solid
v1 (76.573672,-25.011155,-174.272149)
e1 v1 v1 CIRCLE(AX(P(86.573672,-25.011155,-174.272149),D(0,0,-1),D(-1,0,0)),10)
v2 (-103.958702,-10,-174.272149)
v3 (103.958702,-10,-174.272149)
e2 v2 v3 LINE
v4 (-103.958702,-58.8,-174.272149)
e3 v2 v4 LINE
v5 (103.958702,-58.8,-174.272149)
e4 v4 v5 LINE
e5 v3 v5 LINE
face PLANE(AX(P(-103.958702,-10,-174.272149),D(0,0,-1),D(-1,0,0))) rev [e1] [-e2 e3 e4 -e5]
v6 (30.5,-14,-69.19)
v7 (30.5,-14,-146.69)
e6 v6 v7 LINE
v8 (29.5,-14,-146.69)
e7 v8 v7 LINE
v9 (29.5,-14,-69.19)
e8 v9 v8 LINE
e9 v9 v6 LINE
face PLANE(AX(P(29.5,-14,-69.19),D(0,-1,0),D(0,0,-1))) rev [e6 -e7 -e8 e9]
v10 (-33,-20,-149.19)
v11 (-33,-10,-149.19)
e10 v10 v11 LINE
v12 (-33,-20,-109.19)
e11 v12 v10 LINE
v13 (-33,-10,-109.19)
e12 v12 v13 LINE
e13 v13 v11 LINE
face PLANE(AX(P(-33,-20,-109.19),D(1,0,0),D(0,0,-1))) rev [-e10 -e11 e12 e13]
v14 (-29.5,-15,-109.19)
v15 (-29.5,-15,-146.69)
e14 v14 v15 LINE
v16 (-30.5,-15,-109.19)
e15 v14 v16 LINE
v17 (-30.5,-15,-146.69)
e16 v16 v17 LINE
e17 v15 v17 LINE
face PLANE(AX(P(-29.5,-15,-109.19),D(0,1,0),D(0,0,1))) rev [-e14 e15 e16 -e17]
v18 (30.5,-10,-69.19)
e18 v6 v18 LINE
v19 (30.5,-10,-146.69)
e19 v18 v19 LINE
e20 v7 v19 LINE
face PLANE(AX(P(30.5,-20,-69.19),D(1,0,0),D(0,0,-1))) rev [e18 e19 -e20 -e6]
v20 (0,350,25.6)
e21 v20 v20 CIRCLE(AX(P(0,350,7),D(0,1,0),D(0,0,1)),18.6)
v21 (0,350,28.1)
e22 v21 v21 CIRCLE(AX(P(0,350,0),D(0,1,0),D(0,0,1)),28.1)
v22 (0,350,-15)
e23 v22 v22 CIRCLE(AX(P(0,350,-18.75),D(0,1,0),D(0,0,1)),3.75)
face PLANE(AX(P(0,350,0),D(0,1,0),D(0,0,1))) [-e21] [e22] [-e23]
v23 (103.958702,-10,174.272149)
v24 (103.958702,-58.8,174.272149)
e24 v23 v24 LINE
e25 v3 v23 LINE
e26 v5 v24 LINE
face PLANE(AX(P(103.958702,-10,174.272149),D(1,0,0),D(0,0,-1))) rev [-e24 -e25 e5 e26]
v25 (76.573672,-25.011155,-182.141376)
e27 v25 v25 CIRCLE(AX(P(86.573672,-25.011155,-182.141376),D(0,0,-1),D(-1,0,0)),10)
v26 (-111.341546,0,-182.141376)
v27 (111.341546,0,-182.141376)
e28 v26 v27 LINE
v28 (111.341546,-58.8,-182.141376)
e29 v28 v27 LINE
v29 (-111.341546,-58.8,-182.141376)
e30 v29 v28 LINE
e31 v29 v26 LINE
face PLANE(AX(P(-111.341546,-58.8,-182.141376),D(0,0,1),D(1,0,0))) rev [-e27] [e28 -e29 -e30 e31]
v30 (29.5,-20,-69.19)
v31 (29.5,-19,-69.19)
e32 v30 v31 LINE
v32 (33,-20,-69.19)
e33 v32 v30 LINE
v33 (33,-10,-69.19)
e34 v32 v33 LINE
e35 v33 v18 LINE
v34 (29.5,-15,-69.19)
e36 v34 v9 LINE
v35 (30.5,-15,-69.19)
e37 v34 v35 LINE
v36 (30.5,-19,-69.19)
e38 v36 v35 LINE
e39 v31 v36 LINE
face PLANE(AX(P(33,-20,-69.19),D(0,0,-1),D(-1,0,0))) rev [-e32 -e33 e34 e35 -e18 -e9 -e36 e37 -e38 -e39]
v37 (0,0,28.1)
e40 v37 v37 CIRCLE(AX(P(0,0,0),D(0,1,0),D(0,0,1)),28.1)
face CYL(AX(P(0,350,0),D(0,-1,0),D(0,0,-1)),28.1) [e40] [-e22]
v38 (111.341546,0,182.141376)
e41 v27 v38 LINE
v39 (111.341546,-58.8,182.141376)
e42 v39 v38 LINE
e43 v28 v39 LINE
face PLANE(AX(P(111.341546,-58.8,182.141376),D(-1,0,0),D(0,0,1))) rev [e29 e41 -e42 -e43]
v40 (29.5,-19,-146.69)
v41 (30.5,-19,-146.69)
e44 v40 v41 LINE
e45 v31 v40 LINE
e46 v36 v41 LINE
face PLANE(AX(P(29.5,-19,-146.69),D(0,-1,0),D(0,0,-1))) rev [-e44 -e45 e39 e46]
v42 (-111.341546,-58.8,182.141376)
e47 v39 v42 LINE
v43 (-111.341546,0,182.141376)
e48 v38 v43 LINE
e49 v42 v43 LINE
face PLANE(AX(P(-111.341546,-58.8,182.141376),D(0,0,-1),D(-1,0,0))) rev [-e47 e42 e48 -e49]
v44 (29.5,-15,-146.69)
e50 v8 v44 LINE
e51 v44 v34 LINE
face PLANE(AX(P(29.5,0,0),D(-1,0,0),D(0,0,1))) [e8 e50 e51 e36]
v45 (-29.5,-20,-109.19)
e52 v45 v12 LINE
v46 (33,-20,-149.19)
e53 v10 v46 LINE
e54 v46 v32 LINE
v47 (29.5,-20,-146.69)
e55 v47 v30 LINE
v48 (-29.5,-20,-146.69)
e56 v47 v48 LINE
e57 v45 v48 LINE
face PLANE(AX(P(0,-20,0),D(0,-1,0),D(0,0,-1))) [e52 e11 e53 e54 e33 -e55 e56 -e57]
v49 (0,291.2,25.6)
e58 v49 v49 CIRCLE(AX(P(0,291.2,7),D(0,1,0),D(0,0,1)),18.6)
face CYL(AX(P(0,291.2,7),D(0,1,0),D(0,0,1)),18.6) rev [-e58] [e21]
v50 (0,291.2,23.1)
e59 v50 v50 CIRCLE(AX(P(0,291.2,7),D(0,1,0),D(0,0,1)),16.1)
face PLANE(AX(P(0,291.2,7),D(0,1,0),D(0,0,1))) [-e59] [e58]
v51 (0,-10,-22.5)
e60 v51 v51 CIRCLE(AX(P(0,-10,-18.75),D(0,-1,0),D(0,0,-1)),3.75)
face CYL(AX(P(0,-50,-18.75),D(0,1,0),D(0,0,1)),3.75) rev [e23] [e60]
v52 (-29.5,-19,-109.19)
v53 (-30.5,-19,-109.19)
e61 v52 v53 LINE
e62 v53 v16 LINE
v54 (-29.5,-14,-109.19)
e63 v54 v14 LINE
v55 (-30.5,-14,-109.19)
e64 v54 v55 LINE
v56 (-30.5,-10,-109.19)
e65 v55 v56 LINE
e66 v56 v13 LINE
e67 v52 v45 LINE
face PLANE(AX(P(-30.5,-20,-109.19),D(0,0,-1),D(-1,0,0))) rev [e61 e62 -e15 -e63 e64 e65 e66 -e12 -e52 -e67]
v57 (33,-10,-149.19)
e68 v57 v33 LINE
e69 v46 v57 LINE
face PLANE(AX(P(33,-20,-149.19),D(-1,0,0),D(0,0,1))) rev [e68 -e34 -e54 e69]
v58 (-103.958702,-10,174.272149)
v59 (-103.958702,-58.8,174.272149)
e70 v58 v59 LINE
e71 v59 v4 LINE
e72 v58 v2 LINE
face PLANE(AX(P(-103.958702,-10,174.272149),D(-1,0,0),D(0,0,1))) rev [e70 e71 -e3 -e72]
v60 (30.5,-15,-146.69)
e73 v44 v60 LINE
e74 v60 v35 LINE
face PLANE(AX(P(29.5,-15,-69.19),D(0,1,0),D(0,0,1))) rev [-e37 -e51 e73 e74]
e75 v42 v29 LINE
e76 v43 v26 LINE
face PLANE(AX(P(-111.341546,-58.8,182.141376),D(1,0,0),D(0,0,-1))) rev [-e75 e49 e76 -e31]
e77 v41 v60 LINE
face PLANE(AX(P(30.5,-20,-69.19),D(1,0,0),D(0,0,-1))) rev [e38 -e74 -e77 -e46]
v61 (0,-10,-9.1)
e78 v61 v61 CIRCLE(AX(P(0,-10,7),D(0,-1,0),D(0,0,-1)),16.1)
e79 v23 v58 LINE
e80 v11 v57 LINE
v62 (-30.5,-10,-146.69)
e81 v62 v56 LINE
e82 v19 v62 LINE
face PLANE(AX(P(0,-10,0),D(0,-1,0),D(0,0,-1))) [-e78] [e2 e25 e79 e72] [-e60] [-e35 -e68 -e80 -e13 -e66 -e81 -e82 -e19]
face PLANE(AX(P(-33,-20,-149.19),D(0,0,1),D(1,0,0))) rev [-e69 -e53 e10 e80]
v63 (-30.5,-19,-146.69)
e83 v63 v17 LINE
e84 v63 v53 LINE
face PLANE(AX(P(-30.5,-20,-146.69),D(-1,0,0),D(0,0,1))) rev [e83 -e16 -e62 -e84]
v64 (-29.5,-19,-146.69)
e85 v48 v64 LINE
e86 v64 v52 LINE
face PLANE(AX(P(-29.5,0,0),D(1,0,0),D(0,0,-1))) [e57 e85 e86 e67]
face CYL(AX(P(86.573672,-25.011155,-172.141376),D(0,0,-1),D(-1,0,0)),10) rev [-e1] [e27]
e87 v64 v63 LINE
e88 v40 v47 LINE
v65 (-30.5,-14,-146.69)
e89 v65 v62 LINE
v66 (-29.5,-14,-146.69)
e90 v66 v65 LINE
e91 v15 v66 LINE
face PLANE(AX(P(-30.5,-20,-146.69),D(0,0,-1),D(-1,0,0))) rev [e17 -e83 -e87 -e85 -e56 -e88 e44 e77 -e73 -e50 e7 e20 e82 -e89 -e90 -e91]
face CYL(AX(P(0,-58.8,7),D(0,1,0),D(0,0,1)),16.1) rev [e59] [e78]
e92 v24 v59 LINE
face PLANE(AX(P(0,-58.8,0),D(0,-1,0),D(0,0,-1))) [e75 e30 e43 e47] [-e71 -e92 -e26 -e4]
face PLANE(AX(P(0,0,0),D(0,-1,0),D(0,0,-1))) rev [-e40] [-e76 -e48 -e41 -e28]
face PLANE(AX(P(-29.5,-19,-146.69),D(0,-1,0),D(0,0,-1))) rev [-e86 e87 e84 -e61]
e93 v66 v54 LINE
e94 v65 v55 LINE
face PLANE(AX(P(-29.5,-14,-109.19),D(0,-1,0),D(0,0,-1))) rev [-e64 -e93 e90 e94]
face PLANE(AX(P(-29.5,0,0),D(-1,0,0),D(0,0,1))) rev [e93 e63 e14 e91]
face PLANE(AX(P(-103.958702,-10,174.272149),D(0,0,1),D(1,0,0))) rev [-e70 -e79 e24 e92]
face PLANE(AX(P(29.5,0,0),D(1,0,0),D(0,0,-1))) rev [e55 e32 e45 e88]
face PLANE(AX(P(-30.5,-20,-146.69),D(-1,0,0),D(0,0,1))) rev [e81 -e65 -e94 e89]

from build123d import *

# Parameters (mm, degrees)
SKETCH1_R           = 28.1
BOSS_EXTRUDE1_DEPTH = 350
SKETCH2_R           = 18.6
CUT_EXTRUDE1_DEPTH  = 58.8
SKETCH3_W           = 222.683092022
SKETCH3_H           = 364.2827524
BOSS_EXTRUDE2_DEPTH = 58.8
SKETCH4_W           = 207.917403516
SKETCH4_H           = 348.54429772
CUT_EXTRUDE2_DEPTH  = 48.8
SKETCH5_R           = 16.1
CUT_EXTRUDE3_DEPTH  = 350
SKETCH6_R           = 3.75
CUT_EXTRUDE5_DEPTH  = 400
BOSS_EXTRUDE3_DEPTH = 10
SKETCH8_R           = 10
CUT_EXTRUDE7_DEPTH  = 10
SKETCH9_W           = 37.5
SKETCH9_H           = 1
BOSS_EXTRUDE4_DEPTH = 1
SKETCH10_W          = 37.5
SKETCH10_H          = 1
BOSS_EXTRUDE5_DEPTH = 1
SKETCH11_W          = 77.5
SKETCH11_H          = 1
BOSS_EXTRUDE6_DEPTH = 1
SKETCH12_W          = 77.5
SKETCH12_H          = 1
BOSS_EXTRUDE7_DEPTH = 1


with BuildPart() as part:
    # Sketch1 → Boss-Extrude1 (new body)
    with BuildSketch(Plane(origin=(0, 0, 0), x_dir=(1, 0, 0), z_dir=(0, 1, 0))):
        Circle(SKETCH1_R)
    extrude(amount=BOSS_EXTRUDE1_DEPTH)

    # Sketch2 → Cut-Extrude1 (cut)
    with BuildSketch(Plane(origin=(0, 350, 0), x_dir=(1, 0, 0), z_dir=(0, 1, 0))):
        with Locations((0, -7)):
            Circle(SKETCH2_R)
    extrude(amount=-CUT_EXTRUDE1_DEPTH, mode=Mode.SUBTRACT)

    # Sketch3 → Boss-Extrude2 (add)
    with BuildSketch(Plane(origin=(0, 0, 0), x_dir=(-1, 0, 0), z_dir=(0, -1, 0))):
        Rectangle(SKETCH3_W, SKETCH3_H)
    extrude(amount=BOSS_EXTRUDE2_DEPTH)

    # Sketch4 → Cut-Extrude2 (cut)
    with BuildSketch(Plane(origin=(0, -58.8, 0), x_dir=(-1, 0, 0), z_dir=(0, -1, 0))):
        Rectangle(SKETCH4_W, SKETCH4_H)
    extrude(amount=-CUT_EXTRUDE2_DEPTH, mode=Mode.SUBTRACT)

    # Sketch5 → Cut-Extrude3 (cut)
    with BuildSketch(Plane(origin=(0, 291.2, 0), x_dir=(1, 0, 0), z_dir=(0, 1, 0))):
        with Locations((0, -7)):
            Circle(SKETCH5_R)
    extrude(amount=-CUT_EXTRUDE3_DEPTH, mode=Mode.SUBTRACT)

    # Sketch6 → Cut-Extrude5 (cut)
    with BuildSketch(Plane(origin=(0, 350, 0), x_dir=(1, 0, 0), z_dir=(0, 1, 0))):
        with Locations((0, 18.75)):
            Circle(SKETCH6_R)
    extrude(amount=-CUT_EXTRUDE5_DEPTH, mode=Mode.SUBTRACT)

    # Sketch7 → Boss-Extrude3 (add)
    with BuildSketch(Plane(origin=(0, -10, 0), x_dir=(-1, 0, 0), z_dir=(0, -1, 0))):
        Polygon((-33, 69.189999926), (-30.5, 69.189999926), (-30.5, 146.689999926), (30.5, 146.689999926), (30.5, 109.189999926), (33, 109.189999926), (33, 149.189999926), (-33, 149.189999926), align=None)
    extrude(amount=BOSS_EXTRUDE3_DEPTH)

    # Sketch8 → Cut-Extrude7 (cut)
    with BuildSketch(Plane(origin=(0, 0, -182.1413762), x_dir=(-1, 0, 0), z_dir=(0, 0, -1))):
        with Locations((-86.573671766, -25.011155335)):
            Circle(SKETCH8_R)
    extrude(amount=-CUT_EXTRUDE7_DEPTH, mode=Mode.SUBTRACT)

    # Sketch9 → Boss-Extrude4 (add)
    with BuildSketch(Plane(origin=(-30.5, 0, 0), x_dir=(0, 0, -1), z_dir=(1, 0, 0))):
        with Locations((127.939999926, -19.5)):
            Rectangle(SKETCH9_W, SKETCH9_H)
    extrude(amount=BOSS_EXTRUDE4_DEPTH)

    # Sketch10 → Boss-Extrude5 (add)
    with BuildSketch(Plane(origin=(-30.5, 0, 0), x_dir=(0, 0, -1), z_dir=(1, 0, 0))):
        with Locations((127.939999926, -14.5)):
            Rectangle(SKETCH10_W, SKETCH10_H)
    extrude(amount=BOSS_EXTRUDE5_DEPTH)

    # Sketch11 → Boss-Extrude6 (add)
    with BuildSketch(Plane.ZY.offset(-30.5)):
        with Locations((-107.939999926, -19.5)):
            Rectangle(SKETCH11_W, SKETCH11_H)
    extrude(amount=BOSS_EXTRUDE6_DEPTH)

    # Sketch12 → Boss-Extrude7 (add)
    with BuildSketch(Plane.ZY.offset(-30.5)):
        with Locations((-107.939999926, -14.5)):
            Rectangle(SKETCH12_W, SKETCH12_H)
    extrude(amount=BOSS_EXTRUDE7_DEPTH)


solid = part.part
